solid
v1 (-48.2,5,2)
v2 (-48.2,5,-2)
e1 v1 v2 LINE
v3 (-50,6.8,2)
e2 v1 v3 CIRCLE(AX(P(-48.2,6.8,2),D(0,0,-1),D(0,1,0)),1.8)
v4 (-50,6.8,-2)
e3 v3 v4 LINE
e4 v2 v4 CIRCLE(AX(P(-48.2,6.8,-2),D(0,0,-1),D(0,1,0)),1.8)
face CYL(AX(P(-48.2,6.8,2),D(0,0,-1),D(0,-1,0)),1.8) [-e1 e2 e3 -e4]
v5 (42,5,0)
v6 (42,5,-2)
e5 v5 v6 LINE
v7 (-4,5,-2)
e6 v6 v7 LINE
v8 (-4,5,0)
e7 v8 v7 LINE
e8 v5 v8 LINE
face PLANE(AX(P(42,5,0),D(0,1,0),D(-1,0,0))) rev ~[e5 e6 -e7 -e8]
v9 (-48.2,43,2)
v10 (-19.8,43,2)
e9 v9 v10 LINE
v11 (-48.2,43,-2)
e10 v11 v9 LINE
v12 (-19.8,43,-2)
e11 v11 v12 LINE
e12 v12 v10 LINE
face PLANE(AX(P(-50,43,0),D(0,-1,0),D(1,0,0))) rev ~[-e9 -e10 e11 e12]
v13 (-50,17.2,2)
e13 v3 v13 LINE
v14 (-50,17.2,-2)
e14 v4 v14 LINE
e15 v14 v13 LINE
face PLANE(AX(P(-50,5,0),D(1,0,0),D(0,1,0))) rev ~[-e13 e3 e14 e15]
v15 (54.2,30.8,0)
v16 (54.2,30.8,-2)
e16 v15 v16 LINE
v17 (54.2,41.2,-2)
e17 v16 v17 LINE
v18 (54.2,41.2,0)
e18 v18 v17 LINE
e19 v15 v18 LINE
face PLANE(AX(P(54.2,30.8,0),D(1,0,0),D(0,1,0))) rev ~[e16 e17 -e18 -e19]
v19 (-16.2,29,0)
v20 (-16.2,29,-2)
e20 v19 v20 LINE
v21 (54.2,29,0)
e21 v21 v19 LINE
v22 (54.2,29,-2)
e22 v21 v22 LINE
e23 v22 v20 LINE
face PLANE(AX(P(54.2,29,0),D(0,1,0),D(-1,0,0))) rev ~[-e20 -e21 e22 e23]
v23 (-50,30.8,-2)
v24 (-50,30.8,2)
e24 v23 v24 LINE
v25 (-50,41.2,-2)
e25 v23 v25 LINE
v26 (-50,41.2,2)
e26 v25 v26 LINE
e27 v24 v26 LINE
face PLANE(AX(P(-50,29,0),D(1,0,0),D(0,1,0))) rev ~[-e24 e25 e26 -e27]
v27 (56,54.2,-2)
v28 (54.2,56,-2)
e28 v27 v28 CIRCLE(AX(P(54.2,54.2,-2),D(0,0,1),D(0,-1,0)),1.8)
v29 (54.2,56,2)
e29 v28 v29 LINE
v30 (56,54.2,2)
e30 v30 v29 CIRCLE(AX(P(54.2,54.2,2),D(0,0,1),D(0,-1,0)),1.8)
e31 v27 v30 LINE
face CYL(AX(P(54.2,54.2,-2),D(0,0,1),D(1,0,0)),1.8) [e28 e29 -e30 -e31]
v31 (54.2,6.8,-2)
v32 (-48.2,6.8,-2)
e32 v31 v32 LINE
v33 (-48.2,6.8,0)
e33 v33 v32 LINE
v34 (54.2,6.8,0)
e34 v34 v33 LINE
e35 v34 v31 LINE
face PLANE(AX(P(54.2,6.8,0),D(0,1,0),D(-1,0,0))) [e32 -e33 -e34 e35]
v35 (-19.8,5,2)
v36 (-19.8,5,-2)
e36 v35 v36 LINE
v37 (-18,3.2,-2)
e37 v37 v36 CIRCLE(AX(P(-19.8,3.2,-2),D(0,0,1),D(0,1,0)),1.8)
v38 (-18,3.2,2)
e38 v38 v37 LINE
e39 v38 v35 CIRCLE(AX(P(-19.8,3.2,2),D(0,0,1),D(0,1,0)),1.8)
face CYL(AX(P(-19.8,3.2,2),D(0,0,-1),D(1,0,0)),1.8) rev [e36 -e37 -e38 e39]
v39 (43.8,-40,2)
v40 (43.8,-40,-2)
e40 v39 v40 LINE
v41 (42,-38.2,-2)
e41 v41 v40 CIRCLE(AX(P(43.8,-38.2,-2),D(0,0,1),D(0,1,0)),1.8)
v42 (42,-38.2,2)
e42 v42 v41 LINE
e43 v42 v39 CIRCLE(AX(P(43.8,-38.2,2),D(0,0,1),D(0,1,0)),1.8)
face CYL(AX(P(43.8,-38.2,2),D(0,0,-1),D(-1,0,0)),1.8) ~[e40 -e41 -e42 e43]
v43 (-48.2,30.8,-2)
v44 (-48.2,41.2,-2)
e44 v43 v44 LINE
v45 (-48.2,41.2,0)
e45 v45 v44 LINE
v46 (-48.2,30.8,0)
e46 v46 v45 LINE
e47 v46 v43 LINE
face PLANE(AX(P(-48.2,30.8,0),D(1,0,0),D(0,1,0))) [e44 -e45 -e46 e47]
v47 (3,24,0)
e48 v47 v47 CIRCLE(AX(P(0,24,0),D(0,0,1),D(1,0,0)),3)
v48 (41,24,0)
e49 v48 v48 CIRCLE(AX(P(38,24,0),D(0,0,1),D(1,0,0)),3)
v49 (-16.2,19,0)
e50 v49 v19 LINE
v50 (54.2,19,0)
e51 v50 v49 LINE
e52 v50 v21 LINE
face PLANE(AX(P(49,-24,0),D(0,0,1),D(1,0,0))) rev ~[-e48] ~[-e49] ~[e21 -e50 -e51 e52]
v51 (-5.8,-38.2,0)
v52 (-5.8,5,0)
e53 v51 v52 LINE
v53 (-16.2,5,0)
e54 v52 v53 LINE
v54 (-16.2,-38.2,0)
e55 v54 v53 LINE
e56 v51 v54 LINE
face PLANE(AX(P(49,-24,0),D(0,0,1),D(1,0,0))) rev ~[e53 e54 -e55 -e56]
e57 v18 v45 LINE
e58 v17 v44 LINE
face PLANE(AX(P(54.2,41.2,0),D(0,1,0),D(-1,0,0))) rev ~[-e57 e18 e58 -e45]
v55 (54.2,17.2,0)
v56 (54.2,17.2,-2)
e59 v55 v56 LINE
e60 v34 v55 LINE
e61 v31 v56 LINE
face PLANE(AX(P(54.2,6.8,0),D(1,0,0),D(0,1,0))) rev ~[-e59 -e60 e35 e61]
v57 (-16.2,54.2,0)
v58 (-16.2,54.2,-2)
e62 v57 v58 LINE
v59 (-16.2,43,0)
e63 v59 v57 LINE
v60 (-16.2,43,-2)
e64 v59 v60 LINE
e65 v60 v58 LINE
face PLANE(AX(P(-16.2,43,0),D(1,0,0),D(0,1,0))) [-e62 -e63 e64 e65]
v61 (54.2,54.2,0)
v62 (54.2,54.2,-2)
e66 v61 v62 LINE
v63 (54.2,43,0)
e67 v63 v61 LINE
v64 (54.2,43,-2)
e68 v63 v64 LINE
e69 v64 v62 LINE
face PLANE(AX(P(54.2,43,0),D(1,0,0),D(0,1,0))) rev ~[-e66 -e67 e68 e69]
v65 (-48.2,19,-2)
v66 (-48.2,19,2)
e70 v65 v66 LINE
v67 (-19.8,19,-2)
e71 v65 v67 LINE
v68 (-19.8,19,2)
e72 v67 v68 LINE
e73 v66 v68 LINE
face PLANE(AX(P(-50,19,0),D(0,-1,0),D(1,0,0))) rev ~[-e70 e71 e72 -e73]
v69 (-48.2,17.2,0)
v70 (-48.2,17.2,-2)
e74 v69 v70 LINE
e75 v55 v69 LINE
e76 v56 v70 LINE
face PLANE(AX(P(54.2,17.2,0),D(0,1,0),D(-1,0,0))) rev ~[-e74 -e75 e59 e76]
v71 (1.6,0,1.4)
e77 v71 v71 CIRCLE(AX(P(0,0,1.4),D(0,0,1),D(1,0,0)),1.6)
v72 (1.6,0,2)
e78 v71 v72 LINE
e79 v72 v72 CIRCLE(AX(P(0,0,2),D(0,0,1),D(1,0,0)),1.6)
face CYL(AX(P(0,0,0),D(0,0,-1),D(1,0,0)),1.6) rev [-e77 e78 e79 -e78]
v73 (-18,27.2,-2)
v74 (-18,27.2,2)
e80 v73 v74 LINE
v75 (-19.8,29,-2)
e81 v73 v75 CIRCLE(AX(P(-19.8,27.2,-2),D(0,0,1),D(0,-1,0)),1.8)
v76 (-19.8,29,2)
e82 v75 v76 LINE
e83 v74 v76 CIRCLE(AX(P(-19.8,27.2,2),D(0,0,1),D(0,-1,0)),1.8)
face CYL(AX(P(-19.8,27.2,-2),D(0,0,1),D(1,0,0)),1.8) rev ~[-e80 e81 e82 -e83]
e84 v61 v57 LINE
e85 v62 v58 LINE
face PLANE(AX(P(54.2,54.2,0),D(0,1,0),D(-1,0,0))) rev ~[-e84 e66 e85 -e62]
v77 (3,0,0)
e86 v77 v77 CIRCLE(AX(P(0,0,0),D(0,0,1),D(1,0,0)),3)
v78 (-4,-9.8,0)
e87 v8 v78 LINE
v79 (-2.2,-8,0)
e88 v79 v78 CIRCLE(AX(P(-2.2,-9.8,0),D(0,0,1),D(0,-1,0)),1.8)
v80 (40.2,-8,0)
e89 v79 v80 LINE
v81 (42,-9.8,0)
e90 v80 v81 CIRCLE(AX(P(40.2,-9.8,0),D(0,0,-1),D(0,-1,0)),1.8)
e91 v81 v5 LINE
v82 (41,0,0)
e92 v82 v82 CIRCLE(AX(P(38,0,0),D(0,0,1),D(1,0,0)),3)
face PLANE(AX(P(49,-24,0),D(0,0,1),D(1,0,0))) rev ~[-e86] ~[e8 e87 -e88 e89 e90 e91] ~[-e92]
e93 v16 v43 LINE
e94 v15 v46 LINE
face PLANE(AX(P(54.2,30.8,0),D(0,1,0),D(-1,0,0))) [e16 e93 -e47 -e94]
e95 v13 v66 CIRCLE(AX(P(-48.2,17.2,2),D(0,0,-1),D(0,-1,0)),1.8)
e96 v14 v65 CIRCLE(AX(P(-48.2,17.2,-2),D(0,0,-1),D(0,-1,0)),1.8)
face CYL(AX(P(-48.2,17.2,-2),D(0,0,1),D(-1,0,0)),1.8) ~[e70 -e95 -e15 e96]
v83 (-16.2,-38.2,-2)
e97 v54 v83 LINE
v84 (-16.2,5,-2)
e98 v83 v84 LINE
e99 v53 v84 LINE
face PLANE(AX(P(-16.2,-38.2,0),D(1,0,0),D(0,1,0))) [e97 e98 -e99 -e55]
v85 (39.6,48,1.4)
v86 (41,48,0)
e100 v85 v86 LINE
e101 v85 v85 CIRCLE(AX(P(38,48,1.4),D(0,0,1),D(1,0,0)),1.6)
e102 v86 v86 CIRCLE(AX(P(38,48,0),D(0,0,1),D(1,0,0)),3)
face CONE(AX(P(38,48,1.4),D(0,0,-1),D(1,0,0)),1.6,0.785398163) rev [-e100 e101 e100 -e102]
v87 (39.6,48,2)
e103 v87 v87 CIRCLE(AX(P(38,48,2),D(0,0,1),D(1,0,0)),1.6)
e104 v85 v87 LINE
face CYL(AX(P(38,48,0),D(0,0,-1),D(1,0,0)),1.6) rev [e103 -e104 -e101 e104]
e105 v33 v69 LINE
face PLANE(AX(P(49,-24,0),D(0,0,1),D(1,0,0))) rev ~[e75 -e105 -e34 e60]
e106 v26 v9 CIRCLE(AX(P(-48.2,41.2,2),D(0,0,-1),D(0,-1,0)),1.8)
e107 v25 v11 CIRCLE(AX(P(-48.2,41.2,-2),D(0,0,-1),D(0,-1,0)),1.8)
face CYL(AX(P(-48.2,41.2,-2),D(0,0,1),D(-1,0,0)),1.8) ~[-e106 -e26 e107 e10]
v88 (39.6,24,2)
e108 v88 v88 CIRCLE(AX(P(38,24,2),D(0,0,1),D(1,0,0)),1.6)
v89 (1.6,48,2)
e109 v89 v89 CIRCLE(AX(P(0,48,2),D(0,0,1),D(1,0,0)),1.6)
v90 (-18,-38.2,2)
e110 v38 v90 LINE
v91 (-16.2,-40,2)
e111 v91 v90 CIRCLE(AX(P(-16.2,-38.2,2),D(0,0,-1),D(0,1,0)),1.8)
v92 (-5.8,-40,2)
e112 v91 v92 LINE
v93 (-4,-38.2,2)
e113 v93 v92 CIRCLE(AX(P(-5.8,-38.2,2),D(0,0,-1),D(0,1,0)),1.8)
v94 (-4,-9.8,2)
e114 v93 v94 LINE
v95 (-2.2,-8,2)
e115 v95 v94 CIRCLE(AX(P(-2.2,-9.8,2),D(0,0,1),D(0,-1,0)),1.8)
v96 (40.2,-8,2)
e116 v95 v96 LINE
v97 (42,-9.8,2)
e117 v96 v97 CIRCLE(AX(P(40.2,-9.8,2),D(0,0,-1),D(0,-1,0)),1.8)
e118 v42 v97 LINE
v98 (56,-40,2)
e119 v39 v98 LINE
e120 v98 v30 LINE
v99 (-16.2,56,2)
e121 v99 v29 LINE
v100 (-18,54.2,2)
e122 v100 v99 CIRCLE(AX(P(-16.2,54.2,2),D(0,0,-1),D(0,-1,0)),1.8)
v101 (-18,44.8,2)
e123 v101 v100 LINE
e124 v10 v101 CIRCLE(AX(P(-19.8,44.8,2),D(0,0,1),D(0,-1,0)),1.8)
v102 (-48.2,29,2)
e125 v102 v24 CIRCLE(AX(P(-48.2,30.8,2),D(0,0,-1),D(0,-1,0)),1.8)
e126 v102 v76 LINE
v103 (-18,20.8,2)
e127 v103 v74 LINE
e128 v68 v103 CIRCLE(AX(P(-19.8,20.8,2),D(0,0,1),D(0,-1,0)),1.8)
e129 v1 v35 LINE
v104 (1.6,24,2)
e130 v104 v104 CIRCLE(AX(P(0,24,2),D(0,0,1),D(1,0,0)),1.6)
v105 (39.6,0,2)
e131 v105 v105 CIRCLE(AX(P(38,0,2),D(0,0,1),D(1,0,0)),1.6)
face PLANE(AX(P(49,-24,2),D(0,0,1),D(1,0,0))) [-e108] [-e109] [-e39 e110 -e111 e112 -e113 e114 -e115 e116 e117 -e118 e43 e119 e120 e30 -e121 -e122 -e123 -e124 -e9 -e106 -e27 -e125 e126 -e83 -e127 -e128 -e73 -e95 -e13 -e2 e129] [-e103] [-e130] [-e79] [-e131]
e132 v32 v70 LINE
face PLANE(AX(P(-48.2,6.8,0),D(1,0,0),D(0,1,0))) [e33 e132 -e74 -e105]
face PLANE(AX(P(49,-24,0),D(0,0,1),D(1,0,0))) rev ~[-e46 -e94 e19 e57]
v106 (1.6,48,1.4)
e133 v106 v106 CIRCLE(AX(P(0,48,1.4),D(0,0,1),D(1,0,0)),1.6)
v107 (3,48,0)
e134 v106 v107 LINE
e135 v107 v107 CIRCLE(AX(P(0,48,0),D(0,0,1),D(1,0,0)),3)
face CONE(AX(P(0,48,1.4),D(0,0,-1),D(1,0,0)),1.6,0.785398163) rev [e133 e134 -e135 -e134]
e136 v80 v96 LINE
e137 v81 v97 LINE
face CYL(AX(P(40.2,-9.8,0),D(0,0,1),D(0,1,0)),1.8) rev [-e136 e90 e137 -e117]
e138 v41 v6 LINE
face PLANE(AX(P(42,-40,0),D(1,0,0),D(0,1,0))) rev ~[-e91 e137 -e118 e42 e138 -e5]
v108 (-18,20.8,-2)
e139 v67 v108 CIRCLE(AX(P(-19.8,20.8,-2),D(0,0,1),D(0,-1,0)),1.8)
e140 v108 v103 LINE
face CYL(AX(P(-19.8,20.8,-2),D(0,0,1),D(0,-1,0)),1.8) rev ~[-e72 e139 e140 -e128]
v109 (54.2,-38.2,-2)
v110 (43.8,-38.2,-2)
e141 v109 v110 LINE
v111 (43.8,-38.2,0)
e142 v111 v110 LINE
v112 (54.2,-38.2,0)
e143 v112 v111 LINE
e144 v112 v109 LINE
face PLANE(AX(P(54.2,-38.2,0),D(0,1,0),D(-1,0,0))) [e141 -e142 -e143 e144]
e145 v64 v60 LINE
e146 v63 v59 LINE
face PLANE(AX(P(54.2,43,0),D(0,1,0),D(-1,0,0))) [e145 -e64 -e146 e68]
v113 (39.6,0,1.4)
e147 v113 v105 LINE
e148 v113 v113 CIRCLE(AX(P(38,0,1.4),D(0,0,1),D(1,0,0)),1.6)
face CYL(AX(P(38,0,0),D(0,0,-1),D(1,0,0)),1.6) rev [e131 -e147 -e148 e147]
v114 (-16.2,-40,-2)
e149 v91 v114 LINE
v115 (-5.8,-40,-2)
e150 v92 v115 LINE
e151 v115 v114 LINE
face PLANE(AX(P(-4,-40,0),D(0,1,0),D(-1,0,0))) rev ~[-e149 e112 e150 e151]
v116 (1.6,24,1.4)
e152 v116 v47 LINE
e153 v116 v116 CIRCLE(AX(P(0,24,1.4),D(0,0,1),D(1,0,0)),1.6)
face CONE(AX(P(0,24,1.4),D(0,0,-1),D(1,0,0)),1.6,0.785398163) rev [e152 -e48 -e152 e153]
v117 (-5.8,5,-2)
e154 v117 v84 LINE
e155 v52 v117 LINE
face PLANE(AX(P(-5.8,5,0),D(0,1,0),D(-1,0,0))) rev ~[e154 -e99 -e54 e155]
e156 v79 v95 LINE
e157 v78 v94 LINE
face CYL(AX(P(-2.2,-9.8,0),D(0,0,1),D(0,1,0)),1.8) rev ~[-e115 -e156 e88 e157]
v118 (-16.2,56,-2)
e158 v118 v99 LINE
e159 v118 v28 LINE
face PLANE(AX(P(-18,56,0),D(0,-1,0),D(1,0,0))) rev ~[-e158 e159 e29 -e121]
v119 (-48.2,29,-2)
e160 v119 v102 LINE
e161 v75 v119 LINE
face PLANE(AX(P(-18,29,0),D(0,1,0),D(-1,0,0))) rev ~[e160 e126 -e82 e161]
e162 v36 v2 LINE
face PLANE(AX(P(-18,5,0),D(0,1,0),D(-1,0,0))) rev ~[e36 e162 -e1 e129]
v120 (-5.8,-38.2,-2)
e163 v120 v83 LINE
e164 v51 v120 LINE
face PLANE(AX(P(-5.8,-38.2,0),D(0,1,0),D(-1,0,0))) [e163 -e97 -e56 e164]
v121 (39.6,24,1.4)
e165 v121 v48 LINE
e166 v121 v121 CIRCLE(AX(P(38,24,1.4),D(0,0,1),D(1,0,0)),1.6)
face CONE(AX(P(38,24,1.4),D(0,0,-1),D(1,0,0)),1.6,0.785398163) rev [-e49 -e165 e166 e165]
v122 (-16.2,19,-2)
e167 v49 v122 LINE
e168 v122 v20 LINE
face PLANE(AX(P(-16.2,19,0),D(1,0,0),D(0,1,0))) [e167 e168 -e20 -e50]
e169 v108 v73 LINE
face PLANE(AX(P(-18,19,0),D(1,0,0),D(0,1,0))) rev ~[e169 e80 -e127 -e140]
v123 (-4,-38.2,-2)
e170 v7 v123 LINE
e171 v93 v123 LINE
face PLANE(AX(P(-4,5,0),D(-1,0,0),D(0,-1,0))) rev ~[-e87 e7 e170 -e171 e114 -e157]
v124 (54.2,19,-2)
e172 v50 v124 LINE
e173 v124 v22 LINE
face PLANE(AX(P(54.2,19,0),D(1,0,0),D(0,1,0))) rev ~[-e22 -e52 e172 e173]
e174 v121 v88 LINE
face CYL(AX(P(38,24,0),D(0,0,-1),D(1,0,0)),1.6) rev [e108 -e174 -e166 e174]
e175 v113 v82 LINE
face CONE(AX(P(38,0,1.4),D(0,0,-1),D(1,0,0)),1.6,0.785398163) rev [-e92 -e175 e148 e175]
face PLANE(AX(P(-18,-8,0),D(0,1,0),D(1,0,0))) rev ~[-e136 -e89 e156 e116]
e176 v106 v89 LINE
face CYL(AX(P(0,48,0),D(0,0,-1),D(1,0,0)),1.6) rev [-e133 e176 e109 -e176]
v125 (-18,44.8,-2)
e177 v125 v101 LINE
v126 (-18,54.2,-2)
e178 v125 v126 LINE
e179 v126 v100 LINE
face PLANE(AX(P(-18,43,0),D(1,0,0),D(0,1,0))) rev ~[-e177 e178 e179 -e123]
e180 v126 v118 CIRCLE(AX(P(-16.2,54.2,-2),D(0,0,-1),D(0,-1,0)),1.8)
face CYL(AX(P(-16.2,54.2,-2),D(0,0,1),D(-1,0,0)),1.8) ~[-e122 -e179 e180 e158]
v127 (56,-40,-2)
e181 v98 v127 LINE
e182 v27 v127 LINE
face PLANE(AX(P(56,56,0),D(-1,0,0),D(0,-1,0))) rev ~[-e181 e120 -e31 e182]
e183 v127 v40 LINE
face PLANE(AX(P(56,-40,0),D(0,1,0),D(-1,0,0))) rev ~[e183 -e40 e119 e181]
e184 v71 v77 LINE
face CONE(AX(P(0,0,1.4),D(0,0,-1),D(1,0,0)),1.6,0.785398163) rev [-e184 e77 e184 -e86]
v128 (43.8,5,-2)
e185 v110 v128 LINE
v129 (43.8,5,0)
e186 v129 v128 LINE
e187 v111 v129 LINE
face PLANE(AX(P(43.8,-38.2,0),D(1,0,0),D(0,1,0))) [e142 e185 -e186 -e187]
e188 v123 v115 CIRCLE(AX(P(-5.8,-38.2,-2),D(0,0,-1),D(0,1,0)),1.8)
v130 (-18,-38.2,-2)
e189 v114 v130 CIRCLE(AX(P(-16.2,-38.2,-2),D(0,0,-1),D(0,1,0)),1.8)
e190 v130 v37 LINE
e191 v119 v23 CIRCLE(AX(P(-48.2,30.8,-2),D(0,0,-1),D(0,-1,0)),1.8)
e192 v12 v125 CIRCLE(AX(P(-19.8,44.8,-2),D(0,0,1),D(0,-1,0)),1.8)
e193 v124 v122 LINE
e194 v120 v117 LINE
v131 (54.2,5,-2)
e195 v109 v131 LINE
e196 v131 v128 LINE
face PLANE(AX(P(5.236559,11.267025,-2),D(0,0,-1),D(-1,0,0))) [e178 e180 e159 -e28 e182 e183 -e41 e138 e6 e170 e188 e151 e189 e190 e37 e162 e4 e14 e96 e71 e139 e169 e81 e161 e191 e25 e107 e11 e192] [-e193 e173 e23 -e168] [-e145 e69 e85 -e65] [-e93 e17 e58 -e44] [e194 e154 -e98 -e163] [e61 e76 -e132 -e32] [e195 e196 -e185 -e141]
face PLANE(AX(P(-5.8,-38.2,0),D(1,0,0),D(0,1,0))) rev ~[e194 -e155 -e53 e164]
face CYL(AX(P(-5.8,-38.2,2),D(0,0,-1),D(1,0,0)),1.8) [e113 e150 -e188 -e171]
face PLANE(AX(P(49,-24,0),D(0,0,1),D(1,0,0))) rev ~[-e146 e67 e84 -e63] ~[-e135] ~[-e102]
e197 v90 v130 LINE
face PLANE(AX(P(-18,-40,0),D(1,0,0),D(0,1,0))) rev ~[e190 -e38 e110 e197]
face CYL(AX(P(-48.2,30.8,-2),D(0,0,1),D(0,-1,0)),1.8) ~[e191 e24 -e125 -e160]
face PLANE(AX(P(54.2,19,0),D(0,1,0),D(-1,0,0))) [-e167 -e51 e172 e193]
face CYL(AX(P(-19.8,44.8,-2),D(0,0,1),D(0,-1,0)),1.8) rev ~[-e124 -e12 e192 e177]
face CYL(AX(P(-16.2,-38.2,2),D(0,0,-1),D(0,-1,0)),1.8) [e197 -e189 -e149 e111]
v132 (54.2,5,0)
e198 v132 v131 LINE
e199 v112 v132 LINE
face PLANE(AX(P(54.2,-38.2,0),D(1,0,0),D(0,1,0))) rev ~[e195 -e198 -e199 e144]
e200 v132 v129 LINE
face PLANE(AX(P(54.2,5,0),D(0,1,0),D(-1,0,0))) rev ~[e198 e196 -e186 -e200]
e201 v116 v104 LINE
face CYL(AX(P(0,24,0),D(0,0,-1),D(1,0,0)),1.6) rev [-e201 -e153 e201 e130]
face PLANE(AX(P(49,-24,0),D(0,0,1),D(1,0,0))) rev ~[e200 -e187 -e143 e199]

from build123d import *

# Parameters (mm, degrees)
SKETCH_1_W      = 32
SKETCH_1_H      = 14
SKETCH_1_W_2    = 74
SKETCH_1_H_2    = 64
SKETCH_1_R      = 1.6
SKETCH_1_W_3    = 14
SKETCH_1_H_3    = 32
EXTRUDE_1_DEPTH = 2
CHAMFER_1_SIZE  = 1.4
SKETCH_2_W      = 10.4
SKETCH_2_H      = 43.2
SKETCH_2_W_2    = 102.4
SKETCH_2_H_2    = 10.4
SKETCH_2_W_3    = 70.4
SKETCH_2_H_3    = 10
SKETCH_2_H_4    = 11.2
EXTRUDE_2_DEPTH = 2
FILLET_1_R      = 1.8


with BuildPart() as part:
    # 草图1 → 凸台-拉伸1 (new body)
    # profile 1 of 5: a face of its own
    with BuildSketch(Plane.XY):
        with Locations((-34, 12)):
            Rectangle(SKETCH_1_W, SKETCH_1_H)
    # profile 2 of 5: a face of its own
    with BuildSketch(Plane.XY):
        with Locations((-34, 36)):
            Rectangle(SKETCH_1_W, SKETCH_1_H)
    # profile 3 of 5: a face of its own
    with BuildSketch(Plane.XY):
        with Locations((19, 24)):
            Rectangle(SKETCH_1_W_2, SKETCH_1_H_2)
        with Locations((0, 48)):
            Circle(SKETCH_1_R, mode=Mode.SUBTRACT)
        with Locations((0, 24)):
            Circle(SKETCH_1_R, mode=Mode.SUBTRACT)
        with Locations((38, 48)):
            Circle(SKETCH_1_R, mode=Mode.SUBTRACT)
        with Locations((38, 24)):
            Circle(SKETCH_1_R, mode=Mode.SUBTRACT)
        with Locations((38, 0)):
            Circle(SKETCH_1_R, mode=Mode.SUBTRACT)
        Circle(SKETCH_1_R, mode=Mode.SUBTRACT)
    # profile 4 of 5: a face of its own
    with BuildSketch(Plane.XY):
        with Locations((-11, -24)):
            Rectangle(SKETCH_1_W_3, SKETCH_1_H_3)
    # profile 5 of 5: a face of its own
    with BuildSketch(Plane.XY):
        with Locations((49, -24)):
            Rectangle(SKETCH_1_W_3, SKETCH_1_H_3)
    extrude(amount=EXTRUDE_1_DEPTH)

    # 倒角1
    chamfer_1_edges = [part.edges().sort_by_distance(p)[0] for p in [
        (-1.6, 0, 0),
        (36.4, 0, 0),
        (36.4, 24, 0),
        (36.4, 48, 0),
        (-1.6, 24, 0),
        (-1.6, 48, 0),
    ]]
    chamfer(chamfer_1_edges, length=CHAMFER_1_SIZE)

    # 草图2 → 凸台-拉伸2 (add)
    with BuildSketch(Plane(origin=(0, 0, 0), x_dir=(-1, 0, 0), z_dir=(0, 0, -1))):
        Polygon((-56, 56), (-56, -40), (-42, -40), (-42, 5), (4, 5), (4, -40), (18, -40), (18, 5), (50, 5), (50, 19), (18, 19), (18, 29), (50, 29), (50, 43), (18, 43), (18, 56), align=None)
        with Locations((11, -16.6)):
            Rectangle(SKETCH_2_W, SKETCH_2_H, mode=Mode.SUBTRACT)
        with Locations((-49, -16.6)):
            Rectangle(SKETCH_2_W, SKETCH_2_H, mode=Mode.SUBTRACT)
        with Locations((-3, 12)):
            Rectangle(SKETCH_2_W_2, SKETCH_2_H_2, mode=Mode.SUBTRACT)
        with Locations((-19, 24)):
            Rectangle(SKETCH_2_W_3, SKETCH_2_H_3, mode=Mode.SUBTRACT)
        with Locations((-3, 36)):
            Rectangle(SKETCH_2_W_2, SKETCH_2_H_2, mode=Mode.SUBTRACT)
        with Locations((-19, 48.6)):
            Rectangle(SKETCH_2_W_3, SKETCH_2_H_4, mode=Mode.SUBTRACT)
    extrude(amount=EXTRUDE_2_DEPTH)

    # 圆角1
    fillet_1_edges = [part.edges().sort_by_distance(p)[0] for p in [
        (-18, 19, 0),
        (-18, 29, 0),
        (-50, 29, 0),
        (-50, 43, 0),
        (-18, 43, 0),
        (-18, 56, 0),
        (56, 56, 0),
        (42, -40, 0),
        (42, -8, 1),
        (-4, -8, 1),
        (-4, -40, 0),
        (-18, -40, 0),
        (-18, 5, 0),
        (-50, 5, 0),
        (-50, 19, 0),
    ]]
    fillet(fillet_1_edges, radius=FILLET_1_R)


solid = part.part
